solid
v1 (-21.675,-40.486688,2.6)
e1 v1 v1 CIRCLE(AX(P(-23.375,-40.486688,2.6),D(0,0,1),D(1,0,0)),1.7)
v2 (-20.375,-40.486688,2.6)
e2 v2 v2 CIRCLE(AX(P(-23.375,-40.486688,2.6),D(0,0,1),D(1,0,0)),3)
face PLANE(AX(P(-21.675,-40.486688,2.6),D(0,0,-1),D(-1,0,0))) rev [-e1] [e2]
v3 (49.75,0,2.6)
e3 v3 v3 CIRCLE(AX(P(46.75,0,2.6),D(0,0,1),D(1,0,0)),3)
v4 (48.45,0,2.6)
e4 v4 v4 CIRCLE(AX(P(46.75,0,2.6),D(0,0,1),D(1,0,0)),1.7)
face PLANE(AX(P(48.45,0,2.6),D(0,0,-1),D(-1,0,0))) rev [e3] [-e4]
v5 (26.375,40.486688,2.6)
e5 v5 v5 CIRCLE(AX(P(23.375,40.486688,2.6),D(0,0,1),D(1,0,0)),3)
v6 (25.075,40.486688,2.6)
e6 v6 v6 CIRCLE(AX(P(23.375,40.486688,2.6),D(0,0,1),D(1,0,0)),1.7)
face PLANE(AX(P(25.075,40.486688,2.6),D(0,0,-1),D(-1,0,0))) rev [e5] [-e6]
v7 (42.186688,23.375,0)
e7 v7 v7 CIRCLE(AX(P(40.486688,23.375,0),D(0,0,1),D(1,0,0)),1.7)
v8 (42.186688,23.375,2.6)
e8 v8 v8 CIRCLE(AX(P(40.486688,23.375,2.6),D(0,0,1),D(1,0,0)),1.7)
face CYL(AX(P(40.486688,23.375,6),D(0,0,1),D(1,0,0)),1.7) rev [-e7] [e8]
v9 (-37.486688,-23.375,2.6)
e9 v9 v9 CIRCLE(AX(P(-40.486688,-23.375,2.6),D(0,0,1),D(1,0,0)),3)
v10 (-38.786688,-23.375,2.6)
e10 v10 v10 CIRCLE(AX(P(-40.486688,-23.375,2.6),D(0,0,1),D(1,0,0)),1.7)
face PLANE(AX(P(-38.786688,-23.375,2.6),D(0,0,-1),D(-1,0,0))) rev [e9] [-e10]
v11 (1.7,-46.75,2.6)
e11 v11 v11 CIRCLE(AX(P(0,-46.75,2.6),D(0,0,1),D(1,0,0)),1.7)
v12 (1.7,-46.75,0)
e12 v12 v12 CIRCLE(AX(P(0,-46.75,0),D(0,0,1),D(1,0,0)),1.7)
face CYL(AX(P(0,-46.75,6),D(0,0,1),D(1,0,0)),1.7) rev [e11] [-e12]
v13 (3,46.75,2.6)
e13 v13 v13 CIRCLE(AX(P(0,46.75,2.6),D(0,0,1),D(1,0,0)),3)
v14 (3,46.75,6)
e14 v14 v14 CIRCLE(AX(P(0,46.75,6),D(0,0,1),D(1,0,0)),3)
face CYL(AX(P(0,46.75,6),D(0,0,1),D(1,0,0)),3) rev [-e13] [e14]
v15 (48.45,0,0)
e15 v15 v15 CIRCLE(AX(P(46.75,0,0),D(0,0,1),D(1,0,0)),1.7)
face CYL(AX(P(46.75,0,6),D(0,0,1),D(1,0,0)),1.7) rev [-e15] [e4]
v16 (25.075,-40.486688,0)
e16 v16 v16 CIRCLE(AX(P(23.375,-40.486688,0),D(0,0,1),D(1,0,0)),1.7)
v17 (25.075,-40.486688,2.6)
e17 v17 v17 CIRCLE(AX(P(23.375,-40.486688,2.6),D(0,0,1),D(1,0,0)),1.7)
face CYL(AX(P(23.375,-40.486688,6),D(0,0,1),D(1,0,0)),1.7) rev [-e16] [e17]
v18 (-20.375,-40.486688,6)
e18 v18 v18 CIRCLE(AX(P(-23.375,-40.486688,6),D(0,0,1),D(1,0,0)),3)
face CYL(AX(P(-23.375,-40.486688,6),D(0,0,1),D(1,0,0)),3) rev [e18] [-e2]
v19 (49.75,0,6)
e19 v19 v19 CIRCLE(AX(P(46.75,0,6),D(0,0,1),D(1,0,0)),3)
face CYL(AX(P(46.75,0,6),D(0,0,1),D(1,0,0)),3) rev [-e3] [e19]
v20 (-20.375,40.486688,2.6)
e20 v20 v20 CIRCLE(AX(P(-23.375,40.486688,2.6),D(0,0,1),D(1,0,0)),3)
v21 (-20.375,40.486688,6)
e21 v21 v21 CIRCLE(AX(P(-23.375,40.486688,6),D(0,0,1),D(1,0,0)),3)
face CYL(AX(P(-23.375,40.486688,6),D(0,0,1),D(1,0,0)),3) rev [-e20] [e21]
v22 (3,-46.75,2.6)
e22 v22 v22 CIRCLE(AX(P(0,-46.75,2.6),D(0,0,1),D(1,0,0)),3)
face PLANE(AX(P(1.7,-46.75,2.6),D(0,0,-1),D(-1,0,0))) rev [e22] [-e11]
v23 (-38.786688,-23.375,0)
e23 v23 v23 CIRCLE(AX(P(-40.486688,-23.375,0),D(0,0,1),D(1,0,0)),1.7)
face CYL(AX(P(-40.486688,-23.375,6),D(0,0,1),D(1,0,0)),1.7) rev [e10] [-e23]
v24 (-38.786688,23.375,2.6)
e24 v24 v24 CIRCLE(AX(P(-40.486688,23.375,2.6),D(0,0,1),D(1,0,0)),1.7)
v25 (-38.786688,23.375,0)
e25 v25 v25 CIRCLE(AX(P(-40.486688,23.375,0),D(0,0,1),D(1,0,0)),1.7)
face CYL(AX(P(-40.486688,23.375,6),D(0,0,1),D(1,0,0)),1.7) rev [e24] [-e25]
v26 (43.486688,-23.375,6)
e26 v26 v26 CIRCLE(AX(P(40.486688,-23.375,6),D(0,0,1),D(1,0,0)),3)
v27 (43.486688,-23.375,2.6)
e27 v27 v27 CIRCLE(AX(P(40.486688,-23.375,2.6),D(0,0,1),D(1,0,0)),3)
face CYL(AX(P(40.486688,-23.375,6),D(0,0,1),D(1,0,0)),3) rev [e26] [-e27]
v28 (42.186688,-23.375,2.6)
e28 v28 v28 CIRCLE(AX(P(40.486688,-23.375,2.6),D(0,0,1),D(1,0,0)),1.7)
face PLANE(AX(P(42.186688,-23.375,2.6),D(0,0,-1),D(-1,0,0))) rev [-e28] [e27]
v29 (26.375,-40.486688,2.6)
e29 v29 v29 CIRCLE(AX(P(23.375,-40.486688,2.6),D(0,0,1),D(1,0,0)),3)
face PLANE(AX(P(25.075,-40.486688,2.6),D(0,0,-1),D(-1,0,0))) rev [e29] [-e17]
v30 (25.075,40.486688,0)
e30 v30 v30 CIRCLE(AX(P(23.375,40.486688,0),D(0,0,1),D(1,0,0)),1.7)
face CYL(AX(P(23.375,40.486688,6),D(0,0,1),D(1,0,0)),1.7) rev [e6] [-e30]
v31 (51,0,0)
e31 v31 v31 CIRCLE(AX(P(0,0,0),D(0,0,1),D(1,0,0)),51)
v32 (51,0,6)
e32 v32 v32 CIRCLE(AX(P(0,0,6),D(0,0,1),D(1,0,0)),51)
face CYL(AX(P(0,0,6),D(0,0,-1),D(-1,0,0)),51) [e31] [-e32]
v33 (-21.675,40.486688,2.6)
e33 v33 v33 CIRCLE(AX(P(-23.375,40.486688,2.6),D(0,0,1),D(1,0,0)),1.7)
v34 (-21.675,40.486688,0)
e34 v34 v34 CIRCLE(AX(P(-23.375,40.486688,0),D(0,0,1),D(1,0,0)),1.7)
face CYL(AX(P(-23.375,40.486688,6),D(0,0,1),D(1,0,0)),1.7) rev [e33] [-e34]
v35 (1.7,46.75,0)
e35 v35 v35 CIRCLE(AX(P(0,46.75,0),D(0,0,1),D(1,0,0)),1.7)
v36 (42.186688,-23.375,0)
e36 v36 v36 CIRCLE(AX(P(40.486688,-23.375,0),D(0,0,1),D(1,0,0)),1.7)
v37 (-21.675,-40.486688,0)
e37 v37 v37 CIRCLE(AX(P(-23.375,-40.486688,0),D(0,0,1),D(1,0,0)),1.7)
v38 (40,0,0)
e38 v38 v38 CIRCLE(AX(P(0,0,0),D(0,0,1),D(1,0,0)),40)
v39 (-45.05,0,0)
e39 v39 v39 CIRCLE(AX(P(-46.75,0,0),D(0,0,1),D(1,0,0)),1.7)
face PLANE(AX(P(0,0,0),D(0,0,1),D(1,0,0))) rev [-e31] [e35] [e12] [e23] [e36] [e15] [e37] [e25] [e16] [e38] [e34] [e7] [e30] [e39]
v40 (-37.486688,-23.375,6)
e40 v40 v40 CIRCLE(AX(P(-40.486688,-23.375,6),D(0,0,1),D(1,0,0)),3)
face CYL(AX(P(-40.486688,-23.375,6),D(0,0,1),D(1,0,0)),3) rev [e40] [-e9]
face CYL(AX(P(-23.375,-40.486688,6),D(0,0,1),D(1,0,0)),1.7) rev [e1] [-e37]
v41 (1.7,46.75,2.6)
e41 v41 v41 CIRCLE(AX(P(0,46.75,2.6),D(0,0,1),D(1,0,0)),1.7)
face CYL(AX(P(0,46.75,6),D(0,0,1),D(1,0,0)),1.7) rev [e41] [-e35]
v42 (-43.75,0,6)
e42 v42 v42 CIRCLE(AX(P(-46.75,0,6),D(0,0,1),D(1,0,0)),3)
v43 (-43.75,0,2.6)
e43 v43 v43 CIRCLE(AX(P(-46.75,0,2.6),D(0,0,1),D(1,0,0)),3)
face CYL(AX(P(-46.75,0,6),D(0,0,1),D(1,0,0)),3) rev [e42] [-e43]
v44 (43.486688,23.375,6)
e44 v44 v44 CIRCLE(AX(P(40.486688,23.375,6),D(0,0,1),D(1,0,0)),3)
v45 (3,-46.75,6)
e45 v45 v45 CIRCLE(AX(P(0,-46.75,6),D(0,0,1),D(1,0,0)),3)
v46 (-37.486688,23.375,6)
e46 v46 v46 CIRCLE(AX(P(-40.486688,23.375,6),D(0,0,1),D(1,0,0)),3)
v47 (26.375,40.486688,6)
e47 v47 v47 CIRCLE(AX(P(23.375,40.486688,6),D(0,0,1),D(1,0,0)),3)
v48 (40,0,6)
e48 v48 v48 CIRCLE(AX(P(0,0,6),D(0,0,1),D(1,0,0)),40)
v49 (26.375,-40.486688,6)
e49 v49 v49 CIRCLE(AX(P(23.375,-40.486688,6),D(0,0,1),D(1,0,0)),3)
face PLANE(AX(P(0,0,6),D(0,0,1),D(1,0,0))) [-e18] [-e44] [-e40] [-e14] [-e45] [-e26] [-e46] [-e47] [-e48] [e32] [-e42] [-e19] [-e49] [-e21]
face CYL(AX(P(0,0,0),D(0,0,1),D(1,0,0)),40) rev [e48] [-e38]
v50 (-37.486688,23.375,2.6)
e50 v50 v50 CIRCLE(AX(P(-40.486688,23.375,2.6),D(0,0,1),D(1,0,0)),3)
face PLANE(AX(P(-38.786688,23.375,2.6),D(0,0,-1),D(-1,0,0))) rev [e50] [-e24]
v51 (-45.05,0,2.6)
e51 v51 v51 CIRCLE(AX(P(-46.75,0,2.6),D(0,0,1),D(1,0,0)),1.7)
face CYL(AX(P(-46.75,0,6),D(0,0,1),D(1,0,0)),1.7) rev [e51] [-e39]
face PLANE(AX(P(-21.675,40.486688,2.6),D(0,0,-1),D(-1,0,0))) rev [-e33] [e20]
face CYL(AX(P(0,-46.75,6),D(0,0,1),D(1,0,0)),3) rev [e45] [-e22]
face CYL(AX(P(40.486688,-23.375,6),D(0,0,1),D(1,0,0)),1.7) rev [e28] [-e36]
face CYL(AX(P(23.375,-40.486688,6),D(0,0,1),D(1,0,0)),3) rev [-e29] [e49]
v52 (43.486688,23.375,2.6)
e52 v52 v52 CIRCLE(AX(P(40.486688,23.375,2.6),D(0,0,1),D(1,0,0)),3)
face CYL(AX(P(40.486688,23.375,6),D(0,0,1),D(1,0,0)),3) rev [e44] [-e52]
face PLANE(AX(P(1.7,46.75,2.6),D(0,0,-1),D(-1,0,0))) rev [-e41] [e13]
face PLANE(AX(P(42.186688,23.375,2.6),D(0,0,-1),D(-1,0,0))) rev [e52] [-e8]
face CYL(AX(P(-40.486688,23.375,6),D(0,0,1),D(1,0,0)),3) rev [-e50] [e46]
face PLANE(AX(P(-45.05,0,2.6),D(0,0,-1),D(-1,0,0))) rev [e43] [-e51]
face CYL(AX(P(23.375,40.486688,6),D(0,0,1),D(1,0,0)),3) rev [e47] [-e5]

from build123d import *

# Parameters (mm, degrees)
SKETCH_1_R                = 51
EXTRUDE_1_DEPTH           = 6
HOLE_WIZARD_1_D           = 3.4
HOLE_WIZARD_1_CBORE_D     = 6
HOLE_WIZARD_1_CBORE_DEPTH = 3.4
SKETCH_4_R                = 40
CUT_EXTRUDE_1_DEPTH       = 73.374028491
PATTERN_CIRCULAR_1_COUNT  = 12


with BuildPart() as part:
    # 草图1 → 凸台-拉伸1 (new body)
    with BuildSketch(Plane.XY):
        Circle(SKETCH_1_R)
    extrude(amount=EXTRUDE_1_DEPTH)

    # 打孔尺寸(%根据)内六角圆柱头螺钉的类型1 (through all)
    with Locations(Plane.XY.offset(6)):
        with Locations((0, 46.75)):
            hole_wizard_1 = CounterBoreHole(HOLE_WIZARD_1_D / 2, HOLE_WIZARD_1_CBORE_D / 2, HOLE_WIZARD_1_CBORE_DEPTH)

    # 草图4 → 切除-拉伸1 (cut, through all)
    with BuildSketch(Plane.XY.offset(6)):
        Circle(SKETCH_4_R)
    extrude(amount=-CUT_EXTRUDE_1_DEPTH, mode=Mode.SUBTRACT)

    # 阵列(圆周)1: 打孔尺寸(%根据)内六角圆柱头螺钉的类型1 ×12 about axis
    pattern_circular_1_axis = Axis((0, 0, 0), (0, 0, 1))
    for i in range(1, PATTERN_CIRCULAR_1_COUNT):
        add(hole_wizard_1.rotate(pattern_circular_1_axis, i * 360 / PATTERN_CIRCULAR_1_COUNT), mode=Mode.SUBTRACT)


solid = part.part
